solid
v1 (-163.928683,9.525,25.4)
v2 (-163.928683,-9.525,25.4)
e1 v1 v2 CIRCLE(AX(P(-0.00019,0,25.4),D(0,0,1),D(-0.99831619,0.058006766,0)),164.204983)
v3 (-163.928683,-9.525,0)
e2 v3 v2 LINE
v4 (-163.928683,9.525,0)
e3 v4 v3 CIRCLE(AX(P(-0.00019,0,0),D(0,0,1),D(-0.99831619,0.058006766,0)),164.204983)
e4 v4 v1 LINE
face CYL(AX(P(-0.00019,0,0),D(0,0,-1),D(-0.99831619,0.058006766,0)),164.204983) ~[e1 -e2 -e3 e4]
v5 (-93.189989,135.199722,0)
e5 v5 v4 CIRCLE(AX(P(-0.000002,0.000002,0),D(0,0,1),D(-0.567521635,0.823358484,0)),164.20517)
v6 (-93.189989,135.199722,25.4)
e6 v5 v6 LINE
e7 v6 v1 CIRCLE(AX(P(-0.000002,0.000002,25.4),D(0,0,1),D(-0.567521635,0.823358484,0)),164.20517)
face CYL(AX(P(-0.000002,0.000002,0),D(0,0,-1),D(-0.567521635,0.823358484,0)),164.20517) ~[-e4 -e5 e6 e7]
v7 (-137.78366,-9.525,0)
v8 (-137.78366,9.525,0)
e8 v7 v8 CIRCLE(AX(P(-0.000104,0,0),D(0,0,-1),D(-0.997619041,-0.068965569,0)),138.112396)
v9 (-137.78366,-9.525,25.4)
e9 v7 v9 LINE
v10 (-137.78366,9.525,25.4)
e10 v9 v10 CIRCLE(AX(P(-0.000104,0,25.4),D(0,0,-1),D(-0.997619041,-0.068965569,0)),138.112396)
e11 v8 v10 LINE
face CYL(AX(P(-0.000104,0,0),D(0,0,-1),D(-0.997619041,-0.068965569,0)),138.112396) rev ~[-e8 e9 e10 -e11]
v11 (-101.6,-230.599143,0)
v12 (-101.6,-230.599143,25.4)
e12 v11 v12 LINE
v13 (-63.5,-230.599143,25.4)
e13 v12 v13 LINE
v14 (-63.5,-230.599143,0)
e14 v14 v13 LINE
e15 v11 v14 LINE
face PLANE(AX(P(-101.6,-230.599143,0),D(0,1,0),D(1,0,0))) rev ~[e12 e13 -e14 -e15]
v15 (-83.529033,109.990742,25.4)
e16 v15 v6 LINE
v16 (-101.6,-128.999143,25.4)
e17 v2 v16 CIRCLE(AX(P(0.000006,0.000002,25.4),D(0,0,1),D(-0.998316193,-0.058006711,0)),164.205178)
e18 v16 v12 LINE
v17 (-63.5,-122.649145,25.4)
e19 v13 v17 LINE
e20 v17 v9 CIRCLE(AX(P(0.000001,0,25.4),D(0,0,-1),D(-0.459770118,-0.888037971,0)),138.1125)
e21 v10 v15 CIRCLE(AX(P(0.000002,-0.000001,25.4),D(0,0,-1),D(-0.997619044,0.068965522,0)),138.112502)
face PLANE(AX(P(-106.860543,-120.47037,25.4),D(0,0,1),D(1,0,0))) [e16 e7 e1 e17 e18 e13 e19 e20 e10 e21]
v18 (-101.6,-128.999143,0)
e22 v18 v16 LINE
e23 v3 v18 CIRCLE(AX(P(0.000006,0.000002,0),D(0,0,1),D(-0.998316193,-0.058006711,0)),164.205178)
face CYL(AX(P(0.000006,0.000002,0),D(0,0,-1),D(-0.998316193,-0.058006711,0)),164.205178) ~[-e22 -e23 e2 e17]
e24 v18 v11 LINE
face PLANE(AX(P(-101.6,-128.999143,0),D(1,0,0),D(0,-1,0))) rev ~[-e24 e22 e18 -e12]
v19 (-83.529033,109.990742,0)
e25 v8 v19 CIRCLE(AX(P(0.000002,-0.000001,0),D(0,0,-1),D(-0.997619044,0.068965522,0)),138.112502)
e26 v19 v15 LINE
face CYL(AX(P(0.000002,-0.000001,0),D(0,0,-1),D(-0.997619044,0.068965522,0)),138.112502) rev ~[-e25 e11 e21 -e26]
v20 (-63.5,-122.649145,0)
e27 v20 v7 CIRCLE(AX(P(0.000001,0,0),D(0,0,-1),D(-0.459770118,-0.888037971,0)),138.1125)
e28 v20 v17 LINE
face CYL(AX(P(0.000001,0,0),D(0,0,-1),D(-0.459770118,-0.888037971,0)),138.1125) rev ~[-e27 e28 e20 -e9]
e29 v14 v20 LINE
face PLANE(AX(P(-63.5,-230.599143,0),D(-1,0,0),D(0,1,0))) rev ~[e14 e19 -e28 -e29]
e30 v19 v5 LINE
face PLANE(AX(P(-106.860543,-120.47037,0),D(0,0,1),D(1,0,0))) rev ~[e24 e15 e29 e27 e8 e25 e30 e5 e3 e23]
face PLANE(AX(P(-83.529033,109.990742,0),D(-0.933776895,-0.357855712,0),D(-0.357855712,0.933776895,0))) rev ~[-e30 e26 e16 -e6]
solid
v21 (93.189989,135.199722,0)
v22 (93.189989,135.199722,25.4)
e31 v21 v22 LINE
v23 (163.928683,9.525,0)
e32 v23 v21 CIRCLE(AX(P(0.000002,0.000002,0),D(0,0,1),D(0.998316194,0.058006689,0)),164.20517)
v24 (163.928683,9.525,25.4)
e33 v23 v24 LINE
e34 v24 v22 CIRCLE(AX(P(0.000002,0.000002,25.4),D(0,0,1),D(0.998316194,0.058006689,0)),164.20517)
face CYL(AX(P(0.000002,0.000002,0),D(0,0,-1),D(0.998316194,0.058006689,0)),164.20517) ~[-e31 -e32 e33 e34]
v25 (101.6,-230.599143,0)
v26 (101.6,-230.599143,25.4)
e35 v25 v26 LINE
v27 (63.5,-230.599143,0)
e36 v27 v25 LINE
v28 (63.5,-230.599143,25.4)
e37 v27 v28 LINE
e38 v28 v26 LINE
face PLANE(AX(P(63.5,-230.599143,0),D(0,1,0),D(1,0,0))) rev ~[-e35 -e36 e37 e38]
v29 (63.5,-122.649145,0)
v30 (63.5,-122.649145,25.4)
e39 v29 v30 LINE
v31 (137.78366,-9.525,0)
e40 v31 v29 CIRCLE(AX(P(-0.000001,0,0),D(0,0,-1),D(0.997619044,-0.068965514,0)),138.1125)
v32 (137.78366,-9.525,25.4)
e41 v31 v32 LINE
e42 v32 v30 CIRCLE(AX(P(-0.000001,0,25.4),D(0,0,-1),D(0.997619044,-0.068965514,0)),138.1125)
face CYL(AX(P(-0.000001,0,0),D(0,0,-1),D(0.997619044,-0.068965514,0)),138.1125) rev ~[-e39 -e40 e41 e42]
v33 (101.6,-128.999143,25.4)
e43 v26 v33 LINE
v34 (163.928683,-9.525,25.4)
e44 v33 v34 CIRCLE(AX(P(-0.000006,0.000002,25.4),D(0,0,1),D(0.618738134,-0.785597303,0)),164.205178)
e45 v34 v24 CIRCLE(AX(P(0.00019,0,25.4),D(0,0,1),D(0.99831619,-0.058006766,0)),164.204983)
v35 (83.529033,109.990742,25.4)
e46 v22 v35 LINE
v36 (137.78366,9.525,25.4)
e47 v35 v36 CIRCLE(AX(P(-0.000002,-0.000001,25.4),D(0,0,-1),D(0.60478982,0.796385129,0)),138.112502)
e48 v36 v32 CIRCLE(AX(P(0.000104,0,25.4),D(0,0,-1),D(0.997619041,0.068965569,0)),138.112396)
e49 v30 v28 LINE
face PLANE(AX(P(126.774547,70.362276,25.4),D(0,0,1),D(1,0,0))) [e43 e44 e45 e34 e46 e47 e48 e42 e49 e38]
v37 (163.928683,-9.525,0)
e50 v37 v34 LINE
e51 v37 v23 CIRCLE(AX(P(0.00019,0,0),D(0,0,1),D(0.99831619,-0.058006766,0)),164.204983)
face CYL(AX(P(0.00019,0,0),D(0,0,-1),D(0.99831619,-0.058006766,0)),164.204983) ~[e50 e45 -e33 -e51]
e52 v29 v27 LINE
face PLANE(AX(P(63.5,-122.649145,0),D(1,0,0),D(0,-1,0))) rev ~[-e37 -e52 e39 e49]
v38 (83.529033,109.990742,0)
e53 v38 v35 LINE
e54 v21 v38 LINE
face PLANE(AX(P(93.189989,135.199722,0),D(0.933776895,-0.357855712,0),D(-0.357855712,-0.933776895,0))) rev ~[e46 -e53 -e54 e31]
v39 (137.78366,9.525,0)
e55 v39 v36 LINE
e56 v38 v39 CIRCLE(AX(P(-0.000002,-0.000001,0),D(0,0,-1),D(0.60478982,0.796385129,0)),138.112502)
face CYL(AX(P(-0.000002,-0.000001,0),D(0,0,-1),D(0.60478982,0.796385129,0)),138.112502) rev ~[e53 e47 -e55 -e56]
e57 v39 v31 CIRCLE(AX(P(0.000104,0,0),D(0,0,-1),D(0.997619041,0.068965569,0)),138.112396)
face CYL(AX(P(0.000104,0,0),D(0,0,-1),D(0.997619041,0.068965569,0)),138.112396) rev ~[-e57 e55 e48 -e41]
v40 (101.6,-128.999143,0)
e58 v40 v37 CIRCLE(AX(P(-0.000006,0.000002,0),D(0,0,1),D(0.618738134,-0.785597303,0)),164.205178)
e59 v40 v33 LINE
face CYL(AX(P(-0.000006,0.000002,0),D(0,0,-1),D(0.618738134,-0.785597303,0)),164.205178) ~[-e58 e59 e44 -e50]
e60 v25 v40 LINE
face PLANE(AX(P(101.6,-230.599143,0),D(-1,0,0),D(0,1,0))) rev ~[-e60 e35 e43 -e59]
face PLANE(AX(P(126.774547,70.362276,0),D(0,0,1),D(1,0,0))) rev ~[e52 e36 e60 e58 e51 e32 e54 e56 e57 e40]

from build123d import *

# Parameters (mm, degrees)
F1_DEPTH = 25.4


with BuildPart() as f1:
    # F0 (on Top) → F1 (new body)
    with BuildSketch(Plane.XY):
        with BuildLine():
            Line((-63.5, -230.599143), (-63.5, -122.649145))
            ThreePointArc((-63.5, -122.649145), (-115.447157, -75.80908), (-137.78366, -9.525))
            Line((-137.78366, -9.525), (-163.928683, -9.525))
            ThreePointArc((-163.928683, -9.525), (-145.584642, -75.950317), (-101.6, -128.999143))
            Line((-101.6, -128.999143), (-101.6, -230.599143))
            Line((-101.6, -230.599143), (-63.5, -230.599143))
        make_face()
        with BuildLine():
            Line((-163.928683, -9.525), (-137.78366, -9.525))
            ThreePointArc((-137.78366, -9.525), (-138.1125, 0), (-137.78366, 9.525))
            Line((-137.78366, 9.525), (-163.928683, 9.525))
            Line((-163.928683, 9.525), (-163.928683, -9.525))
        make_face()
        with BuildLine():
            Line((-163.928683, 9.525), (-137.78366, 9.525))
            ThreePointArc((-137.78366, 9.525), (-121.524353, 65.626932), (-83.529033, 109.990742))
            Line((-83.529033, 109.990742), (-93.189989, 135.199722))
            ThreePointArc((-93.189989, 135.199722), (-143.094503, 80.54379), (-163.928683, 9.525))
        make_face()
        with BuildLine():
            ThreePointArc((-163.928683, 9.525), (-164.205173, 0), (-163.928683, -9.525))
            Line((-163.928683, -9.525), (-163.928683, 9.525))
        make_face()
        with BuildLine():
            ThreePointArc((163.928683, 9.525), (143.094503, 80.54379), (93.189989, 135.199722))
            Line((93.189989, 135.199722), (83.529033, 109.990742))
            ThreePointArc((83.529033, 109.990742), (121.524353, 65.626932), (137.78366, 9.525))
            Line((137.78366, 9.525), (163.928683, 9.525))
        make_face()
        with BuildLine():
            Line((163.928683, -9.525), (163.928683, 9.525))
            Line((163.928683, 9.525), (137.78366, 9.525))
            ThreePointArc((137.78366, 9.525), (138.1125, 0), (137.78366, -9.525))
            Line((137.78366, -9.525), (163.928683, -9.525))
        make_face()
        with BuildLine():
            ThreePointArc((163.928683, -9.525), (164.205173, 0), (163.928683, 9.525))
            Line((163.928683, 9.525), (163.928683, -9.525))
        make_face()
        with BuildLine():
            ThreePointArc((101.6, -128.999143), (145.584642, -75.950317), (163.928683, -9.525))
            Line((163.928683, -9.525), (137.78366, -9.525))
            ThreePointArc((137.78366, -9.525), (115.447157, -75.80908), (63.5, -122.649145))
            Line((63.5, -122.649145), (63.5, -230.599143))
            Line((63.5, -230.599143), (101.6, -230.599143))
            Line((101.6, -230.599143), (101.6, -128.999143))
        make_face()
    extrude(amount=F1_DEPTH)


solid = f1.part
